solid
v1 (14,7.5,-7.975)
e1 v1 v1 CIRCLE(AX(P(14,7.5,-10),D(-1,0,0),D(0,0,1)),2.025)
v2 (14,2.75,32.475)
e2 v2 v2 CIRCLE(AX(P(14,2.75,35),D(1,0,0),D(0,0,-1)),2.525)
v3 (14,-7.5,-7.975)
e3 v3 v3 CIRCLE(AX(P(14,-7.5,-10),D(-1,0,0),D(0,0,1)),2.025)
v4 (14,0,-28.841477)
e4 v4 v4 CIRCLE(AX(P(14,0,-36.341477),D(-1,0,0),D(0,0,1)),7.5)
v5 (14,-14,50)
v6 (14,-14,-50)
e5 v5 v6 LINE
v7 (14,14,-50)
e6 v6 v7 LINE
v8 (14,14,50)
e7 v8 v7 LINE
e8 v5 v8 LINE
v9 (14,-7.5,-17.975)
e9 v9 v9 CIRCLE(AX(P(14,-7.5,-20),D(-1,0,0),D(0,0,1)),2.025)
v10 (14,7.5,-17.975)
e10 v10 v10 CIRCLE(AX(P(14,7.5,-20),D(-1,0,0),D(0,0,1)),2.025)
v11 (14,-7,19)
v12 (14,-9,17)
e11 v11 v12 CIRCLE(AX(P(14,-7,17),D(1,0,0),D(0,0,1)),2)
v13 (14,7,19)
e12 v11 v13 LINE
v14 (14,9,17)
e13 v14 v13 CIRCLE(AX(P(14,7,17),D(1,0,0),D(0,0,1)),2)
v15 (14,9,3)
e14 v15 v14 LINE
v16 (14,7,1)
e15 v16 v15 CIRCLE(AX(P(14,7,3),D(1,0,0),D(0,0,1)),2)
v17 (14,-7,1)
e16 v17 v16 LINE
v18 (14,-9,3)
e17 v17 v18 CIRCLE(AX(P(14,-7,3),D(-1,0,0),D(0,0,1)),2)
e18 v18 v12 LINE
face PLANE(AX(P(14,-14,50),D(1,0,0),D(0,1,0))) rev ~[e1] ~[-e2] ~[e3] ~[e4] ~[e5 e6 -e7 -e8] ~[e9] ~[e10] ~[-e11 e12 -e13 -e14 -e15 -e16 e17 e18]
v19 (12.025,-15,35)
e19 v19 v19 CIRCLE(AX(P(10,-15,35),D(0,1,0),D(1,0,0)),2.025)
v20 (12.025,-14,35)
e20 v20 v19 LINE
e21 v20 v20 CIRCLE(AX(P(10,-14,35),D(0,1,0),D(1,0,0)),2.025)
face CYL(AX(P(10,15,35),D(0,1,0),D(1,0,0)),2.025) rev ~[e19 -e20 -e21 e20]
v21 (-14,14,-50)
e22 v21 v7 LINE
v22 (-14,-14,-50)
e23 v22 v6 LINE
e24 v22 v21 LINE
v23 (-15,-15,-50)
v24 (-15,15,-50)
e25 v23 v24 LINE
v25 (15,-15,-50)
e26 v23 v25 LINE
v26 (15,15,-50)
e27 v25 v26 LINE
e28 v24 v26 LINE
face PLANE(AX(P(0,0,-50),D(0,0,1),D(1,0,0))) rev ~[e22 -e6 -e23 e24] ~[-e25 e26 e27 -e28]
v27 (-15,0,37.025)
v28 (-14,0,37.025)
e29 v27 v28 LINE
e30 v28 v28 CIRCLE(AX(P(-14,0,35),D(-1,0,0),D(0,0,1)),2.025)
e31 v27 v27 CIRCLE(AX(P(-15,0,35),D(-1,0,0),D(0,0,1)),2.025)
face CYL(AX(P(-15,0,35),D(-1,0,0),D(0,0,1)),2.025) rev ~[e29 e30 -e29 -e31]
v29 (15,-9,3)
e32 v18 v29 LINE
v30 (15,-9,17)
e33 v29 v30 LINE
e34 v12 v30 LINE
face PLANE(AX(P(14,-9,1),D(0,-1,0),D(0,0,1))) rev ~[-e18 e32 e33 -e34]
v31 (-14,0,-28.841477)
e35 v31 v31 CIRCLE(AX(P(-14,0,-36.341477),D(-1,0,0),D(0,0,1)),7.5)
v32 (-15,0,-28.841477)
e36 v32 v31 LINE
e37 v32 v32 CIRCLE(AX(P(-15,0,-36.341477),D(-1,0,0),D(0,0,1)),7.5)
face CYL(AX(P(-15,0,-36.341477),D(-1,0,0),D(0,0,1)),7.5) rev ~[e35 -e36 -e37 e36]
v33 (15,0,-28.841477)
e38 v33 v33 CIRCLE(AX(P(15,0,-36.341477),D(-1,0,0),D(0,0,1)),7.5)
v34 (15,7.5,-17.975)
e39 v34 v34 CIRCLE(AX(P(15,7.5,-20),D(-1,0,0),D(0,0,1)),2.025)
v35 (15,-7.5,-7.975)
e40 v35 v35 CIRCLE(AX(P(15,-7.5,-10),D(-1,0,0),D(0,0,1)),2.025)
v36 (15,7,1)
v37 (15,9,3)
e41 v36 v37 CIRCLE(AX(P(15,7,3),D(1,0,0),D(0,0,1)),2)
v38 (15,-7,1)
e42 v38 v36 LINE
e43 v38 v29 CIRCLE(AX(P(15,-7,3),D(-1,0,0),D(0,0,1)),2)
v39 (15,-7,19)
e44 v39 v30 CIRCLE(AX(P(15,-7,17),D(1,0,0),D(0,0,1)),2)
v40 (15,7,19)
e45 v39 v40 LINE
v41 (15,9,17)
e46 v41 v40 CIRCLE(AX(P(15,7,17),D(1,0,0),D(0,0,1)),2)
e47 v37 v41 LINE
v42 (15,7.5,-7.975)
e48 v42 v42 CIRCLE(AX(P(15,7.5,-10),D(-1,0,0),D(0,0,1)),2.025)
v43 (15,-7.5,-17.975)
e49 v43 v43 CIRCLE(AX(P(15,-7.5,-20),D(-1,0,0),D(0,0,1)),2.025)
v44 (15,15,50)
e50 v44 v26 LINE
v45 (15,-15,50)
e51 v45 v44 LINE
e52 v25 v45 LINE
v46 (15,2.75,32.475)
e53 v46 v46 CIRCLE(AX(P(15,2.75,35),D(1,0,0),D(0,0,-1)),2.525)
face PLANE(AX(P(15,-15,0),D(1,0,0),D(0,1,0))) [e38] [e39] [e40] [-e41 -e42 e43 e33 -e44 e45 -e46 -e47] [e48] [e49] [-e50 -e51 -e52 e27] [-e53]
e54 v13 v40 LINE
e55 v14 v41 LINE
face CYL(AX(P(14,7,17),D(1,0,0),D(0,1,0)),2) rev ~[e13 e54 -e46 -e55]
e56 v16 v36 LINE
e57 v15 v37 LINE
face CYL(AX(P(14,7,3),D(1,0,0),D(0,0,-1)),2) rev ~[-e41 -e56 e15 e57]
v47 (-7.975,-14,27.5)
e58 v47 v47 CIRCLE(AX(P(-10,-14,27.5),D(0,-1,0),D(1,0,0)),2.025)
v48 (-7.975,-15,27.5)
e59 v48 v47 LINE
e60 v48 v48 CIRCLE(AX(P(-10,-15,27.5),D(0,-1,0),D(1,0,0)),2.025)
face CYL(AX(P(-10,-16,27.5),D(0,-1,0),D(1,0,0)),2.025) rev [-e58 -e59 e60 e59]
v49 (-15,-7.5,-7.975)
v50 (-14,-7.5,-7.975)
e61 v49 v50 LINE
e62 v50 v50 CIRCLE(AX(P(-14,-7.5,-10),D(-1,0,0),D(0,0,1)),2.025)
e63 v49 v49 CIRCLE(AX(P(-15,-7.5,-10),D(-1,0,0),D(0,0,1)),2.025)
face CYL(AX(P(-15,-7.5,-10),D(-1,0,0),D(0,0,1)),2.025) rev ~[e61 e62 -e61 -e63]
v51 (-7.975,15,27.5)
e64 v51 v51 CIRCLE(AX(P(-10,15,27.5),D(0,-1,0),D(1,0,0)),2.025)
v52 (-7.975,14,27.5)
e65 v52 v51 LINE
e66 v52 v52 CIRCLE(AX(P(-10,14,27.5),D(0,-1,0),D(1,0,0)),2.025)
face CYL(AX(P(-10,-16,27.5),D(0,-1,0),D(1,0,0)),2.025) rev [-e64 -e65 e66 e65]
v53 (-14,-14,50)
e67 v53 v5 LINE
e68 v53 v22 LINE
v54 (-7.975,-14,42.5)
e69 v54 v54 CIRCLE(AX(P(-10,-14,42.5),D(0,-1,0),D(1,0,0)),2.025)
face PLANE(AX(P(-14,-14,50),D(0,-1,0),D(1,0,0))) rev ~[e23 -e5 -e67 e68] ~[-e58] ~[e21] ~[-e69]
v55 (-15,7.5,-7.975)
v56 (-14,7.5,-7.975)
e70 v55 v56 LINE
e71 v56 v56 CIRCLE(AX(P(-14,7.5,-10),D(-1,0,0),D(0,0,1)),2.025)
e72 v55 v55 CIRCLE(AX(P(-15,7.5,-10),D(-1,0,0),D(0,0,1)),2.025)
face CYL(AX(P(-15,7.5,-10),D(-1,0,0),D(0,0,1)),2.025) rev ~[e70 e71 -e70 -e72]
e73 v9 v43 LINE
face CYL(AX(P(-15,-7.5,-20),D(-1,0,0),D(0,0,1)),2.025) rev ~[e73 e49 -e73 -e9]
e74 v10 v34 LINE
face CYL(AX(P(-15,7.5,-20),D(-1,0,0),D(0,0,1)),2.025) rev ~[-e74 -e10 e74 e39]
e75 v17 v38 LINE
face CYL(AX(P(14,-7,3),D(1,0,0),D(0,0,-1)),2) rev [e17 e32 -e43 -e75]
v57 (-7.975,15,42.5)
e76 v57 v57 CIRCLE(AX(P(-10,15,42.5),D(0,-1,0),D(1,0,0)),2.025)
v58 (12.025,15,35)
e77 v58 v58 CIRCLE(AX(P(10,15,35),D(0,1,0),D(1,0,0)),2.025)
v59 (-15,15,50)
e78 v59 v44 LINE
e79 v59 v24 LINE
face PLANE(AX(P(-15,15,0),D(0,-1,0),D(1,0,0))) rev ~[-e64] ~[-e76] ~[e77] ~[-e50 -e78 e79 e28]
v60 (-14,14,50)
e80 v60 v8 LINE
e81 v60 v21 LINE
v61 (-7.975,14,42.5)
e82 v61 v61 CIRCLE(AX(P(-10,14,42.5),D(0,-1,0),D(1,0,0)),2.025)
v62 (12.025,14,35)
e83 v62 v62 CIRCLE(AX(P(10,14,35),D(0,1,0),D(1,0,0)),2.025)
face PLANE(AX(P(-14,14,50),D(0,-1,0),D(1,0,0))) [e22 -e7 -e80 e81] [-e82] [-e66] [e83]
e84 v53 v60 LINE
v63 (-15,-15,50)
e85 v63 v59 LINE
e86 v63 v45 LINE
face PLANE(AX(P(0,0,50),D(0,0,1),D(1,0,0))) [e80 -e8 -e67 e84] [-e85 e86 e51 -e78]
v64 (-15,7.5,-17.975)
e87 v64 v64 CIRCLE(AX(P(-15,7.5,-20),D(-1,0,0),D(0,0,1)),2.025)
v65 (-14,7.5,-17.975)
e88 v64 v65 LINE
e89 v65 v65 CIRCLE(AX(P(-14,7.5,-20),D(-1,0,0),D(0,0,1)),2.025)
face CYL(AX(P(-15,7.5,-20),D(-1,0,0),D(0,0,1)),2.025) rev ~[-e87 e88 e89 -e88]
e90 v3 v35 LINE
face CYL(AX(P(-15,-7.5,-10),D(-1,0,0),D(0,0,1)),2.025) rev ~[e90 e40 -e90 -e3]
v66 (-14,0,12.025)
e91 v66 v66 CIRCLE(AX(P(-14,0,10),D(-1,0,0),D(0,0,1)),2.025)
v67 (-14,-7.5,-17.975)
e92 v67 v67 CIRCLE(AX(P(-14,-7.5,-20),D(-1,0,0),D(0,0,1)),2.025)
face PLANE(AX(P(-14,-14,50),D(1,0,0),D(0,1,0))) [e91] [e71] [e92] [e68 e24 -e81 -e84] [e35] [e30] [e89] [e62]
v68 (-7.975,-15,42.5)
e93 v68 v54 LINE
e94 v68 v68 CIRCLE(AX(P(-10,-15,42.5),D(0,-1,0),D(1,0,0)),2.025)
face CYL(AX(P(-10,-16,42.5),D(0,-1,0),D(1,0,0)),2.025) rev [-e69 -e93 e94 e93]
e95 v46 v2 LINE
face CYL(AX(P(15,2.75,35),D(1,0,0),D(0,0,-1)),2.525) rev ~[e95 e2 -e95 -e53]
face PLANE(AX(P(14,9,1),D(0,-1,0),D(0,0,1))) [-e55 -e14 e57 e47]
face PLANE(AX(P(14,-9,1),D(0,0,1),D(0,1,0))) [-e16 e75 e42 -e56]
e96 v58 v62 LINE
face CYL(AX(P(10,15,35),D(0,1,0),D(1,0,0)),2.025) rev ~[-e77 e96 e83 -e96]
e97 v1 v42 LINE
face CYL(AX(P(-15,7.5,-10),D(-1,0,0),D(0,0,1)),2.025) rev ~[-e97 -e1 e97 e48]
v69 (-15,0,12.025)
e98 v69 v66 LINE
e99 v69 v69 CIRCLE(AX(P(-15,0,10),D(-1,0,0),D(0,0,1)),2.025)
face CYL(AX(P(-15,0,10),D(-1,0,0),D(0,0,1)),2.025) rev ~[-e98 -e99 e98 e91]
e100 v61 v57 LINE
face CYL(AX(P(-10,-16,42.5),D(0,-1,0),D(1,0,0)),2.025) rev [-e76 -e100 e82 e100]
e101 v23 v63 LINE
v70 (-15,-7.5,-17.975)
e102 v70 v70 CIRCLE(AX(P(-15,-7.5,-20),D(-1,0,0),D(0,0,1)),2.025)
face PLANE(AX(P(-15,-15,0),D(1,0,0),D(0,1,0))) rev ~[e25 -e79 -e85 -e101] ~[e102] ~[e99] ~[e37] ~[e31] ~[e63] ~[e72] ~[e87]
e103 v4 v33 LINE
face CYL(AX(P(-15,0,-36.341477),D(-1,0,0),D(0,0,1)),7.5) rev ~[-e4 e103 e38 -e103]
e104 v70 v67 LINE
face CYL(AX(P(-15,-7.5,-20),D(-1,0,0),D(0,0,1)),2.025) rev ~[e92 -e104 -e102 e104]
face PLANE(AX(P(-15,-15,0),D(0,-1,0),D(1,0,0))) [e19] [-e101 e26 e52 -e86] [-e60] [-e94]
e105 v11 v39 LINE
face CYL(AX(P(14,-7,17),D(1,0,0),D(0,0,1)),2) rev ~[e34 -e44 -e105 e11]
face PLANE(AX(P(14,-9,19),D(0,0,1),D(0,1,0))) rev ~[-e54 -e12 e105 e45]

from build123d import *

# Parameters (mm, degrees)
SKETCH_1_W               = 30
SKETCH_1_H               = 30
EXTRUDE_1_DEPTH          = 50
SKETCH_2_W               = 28
SKETCH_2_H               = 28
CUT_EXTRUDE_1_DEPTH      = 1
CUT_EXTRUDE_1_DEPTH_BACK = 101
SKETCH_3_R               = 2.025
CUT_EXTRUDE_2_DEPTH      = 1
SKETCH_4_W               = 18
SKETCH_4_H               = 18
CUT_EXTRUDE_3_DEPTH      = 1
FILLET_1_R               = 2
CUT_EXTRUDE_START        = -2
SKETCH_5_R               = 2.025
CUT_EXTRUDE_5_DEPTH      = 32
SKETCH_6_R               = 2.025
CUT_EXTRUDE_6_DEPTH      = 1
CUT_EXTRUDE_6_DEPTH_BACK = 31
SKETCH_7_R               = 7.5
CUT_EXTRUDE_7_DEPTH      = 1
CUT_EXTRUDE_7_DEPTH_BACK = 31
SKETCH_8_R               = 2.025
CUT_EXTRUDE_8_DEPTH      = 1
CUT_EXTRUDE_8_DEPTH_BACK = 31
SKETCH_9_R               = 2.25
EXTRUDE_2_DEPTH          = 1
SKETCH_10_R              = 2.5
EXTRUDE_3_DEPTH          = 1
SKETCH_11_R              = 2.025
CUT_EXTRUDE_9_DEPTH      = 1
CUT_EXTRUDE_9_DEPTH_BACK = 31
SKETCH_12_R              = 2.5
EXTRUDE_4_DEPTH          = 1
CUT_EXTRUDE_10_REACH     = 32
SKETCH_13_R              = 2.525


with BuildPart() as part:
    # 草图1 → 凸台-拉伸1 (new body, symmetric)
    with BuildSketch(Plane.XY):
        Rectangle(SKETCH_1_W, SKETCH_1_H)
    extrude(amount=EXTRUDE_1_DEPTH, both=True)

    # 草图2 → 切除-拉伸1 (cut, two sides)
    with BuildSketch(Plane.XY.offset(50)) as cut_extrude_1_sk:
        Rectangle(SKETCH_2_W, SKETCH_2_H)
    extrude(amount=CUT_EXTRUDE_1_DEPTH, mode=Mode.SUBTRACT)
    extrude(cut_extrude_1_sk.sketch, amount=-CUT_EXTRUDE_1_DEPTH_BACK, mode=Mode.SUBTRACT)

    # 草图3 → 切除-拉伸2 (cut)
    with BuildSketch(Plane.ZY.offset(15)):
        with Locations((10, 0)):
            Circle(SKETCH_3_R)
        with Locations((35, 0)):
            Circle(SKETCH_3_R)
    extrude(amount=-CUT_EXTRUDE_2_DEPTH, mode=Mode.SUBTRACT)

    # 草图4 → 切除-拉伸3 (cut)
    with BuildSketch(Plane.ZY.offset(-14)):
        with Locations((10, 0)):
            Rectangle(SKETCH_4_W, SKETCH_4_H)
    extrude(amount=-CUT_EXTRUDE_3_DEPTH, mode=Mode.SUBTRACT)

    # 圆角1
    fillet_1_edges = [part.edges().sort_by_distance(p)[0] for p in [
        (14.5, 9, 19),
        (14.5, -9, 19),
        (14.5, -9, 1),
        (14.5, 9, 1),
    ]]
    fillet(fillet_1_edges, radius=FILLET_1_R)

    # 草图5 → 切除-拉伸5 (cut)
    with BuildSketch(Plane(origin=(0, -14, 0), x_dir=(1, 0, 0), z_dir=(0, 1, 0)).offset(CUT_EXTRUDE_START)):
        with Locations((-10, -27.5)):
            Circle(SKETCH_5_R)
        with Locations((-10, -42.5)):
            Circle(SKETCH_5_R)
    cut_extrude_5 = extrude(amount=CUT_EXTRUDE_5_DEPTH, mode=Mode.SUBTRACT)

    # 镜向1: 切除-拉伸5 across plane
    add(cut_extrude_5.mirror(Plane(origin=(0, 0, 0), x_dir=(0, 0, 1), z_dir=(1, 0, 0))), mode=Mode.SUBTRACT)

    # 草图6 → 切除-拉伸6 (cut, two sides)
    with BuildSketch(Plane.ZY.offset(15)) as cut_extrude_6_sk:
        with Locations((35, 0)):
            Circle(SKETCH_6_R)
        with Locations((-20, -7.5)):
            Circle(SKETCH_6_R)
        with Locations((-20, 7.5)):
            Circle(SKETCH_6_R)
    extrude(amount=CUT_EXTRUDE_6_DEPTH, mode=Mode.SUBTRACT)
    extrude(cut_extrude_6_sk.sketch, amount=-CUT_EXTRUDE_6_DEPTH_BACK, mode=Mode.SUBTRACT)

    # 草图7 → 切除-拉伸7 (cut, two sides)
    with BuildSketch(Plane.ZY.offset(15)) as cut_extrude_7_sk:
        with Locations((-36.341476857, 0)):
            Circle(SKETCH_7_R)
    extrude(amount=CUT_EXTRUDE_7_DEPTH, mode=Mode.SUBTRACT)
    extrude(cut_extrude_7_sk.sketch, amount=-CUT_EXTRUDE_7_DEPTH_BACK, mode=Mode.SUBTRACT)

    # 草图8 → 切除-拉伸8 (cut, two sides)
    with BuildSketch(Plane.ZY.offset(15)) as cut_extrude_8_sk:
        with Locations((-10, 7.5)):
            Circle(SKETCH_8_R)
        with Locations((-10, -7.5)):
            Circle(SKETCH_8_R)
    extrude(amount=CUT_EXTRUDE_8_DEPTH, mode=Mode.SUBTRACT)
    extrude(cut_extrude_8_sk.sketch, amount=-CUT_EXTRUDE_8_DEPTH_BACK, mode=Mode.SUBTRACT)

    # 草图9 → 凸台-拉伸2 (add)
    with BuildSketch(Plane(origin=(0, 15, 0), x_dir=(1, 0, 0), z_dir=(0, 1, 0))):
        with Locations((10, -27.5)):
            Circle(SKETCH_9_R)
        with Locations((10, -42.5)):
            Circle(SKETCH_9_R)
    extrude(amount=-EXTRUDE_2_DEPTH)

    # 草图10 → 凸台-拉伸3 (add)
    with BuildSketch(Plane.XZ.offset(15)):
        with Locations((10, 42.5)):
            Circle(SKETCH_10_R)
        with Locations((10, 27.5)):
            Circle(SKETCH_10_R)
    extrude(amount=-EXTRUDE_3_DEPTH)

    # 草图11 → 切除-拉伸9 (cut, two sides)
    with BuildSketch(Plane(origin=(0, 15, 0), x_dir=(1, 0, 0), z_dir=(0, 1, 0))) as cut_extrude_9_sk:
        with Locations((10, -35)):
            Circle(SKETCH_11_R)
    extrude(amount=CUT_EXTRUDE_9_DEPTH, mode=Mode.SUBTRACT)
    extrude(cut_extrude_9_sk.sketch, amount=-CUT_EXTRUDE_9_DEPTH_BACK, mode=Mode.SUBTRACT)

    # 草图12 → 凸台-拉伸4 (add)
    with BuildSketch(Plane(origin=(15, 0, 0), x_dir=(0, 0, -1), z_dir=(1, 0, 0))):
        with Locations((-35, 0)):
            Circle(SKETCH_12_R)
    extrude(amount=-EXTRUDE_4_DEPTH)

    # 草图13 → 切除-拉伸10 (cut, up to next)
    with BuildSketch(Plane(origin=(15, 0, 0), x_dir=(0, 0, -1), z_dir=(1, 0, 0)), mode=Mode.PRIVATE) as cut_extrude_10_sk1:
        with Locations((-35, 2.75)):
            Circle(SKETCH_13_R)
    cut_extrude_10_tool1 = extrude(cut_extrude_10_sk1.sketch, amount=-CUT_EXTRUDE_10_REACH, mode=Mode.PRIVATE) & part.part
    add(cut_extrude_10_tool1.solids().sort_by_distance((15, 2.75, 35))[0], mode=Mode.SUBTRACT)


solid = part.part
